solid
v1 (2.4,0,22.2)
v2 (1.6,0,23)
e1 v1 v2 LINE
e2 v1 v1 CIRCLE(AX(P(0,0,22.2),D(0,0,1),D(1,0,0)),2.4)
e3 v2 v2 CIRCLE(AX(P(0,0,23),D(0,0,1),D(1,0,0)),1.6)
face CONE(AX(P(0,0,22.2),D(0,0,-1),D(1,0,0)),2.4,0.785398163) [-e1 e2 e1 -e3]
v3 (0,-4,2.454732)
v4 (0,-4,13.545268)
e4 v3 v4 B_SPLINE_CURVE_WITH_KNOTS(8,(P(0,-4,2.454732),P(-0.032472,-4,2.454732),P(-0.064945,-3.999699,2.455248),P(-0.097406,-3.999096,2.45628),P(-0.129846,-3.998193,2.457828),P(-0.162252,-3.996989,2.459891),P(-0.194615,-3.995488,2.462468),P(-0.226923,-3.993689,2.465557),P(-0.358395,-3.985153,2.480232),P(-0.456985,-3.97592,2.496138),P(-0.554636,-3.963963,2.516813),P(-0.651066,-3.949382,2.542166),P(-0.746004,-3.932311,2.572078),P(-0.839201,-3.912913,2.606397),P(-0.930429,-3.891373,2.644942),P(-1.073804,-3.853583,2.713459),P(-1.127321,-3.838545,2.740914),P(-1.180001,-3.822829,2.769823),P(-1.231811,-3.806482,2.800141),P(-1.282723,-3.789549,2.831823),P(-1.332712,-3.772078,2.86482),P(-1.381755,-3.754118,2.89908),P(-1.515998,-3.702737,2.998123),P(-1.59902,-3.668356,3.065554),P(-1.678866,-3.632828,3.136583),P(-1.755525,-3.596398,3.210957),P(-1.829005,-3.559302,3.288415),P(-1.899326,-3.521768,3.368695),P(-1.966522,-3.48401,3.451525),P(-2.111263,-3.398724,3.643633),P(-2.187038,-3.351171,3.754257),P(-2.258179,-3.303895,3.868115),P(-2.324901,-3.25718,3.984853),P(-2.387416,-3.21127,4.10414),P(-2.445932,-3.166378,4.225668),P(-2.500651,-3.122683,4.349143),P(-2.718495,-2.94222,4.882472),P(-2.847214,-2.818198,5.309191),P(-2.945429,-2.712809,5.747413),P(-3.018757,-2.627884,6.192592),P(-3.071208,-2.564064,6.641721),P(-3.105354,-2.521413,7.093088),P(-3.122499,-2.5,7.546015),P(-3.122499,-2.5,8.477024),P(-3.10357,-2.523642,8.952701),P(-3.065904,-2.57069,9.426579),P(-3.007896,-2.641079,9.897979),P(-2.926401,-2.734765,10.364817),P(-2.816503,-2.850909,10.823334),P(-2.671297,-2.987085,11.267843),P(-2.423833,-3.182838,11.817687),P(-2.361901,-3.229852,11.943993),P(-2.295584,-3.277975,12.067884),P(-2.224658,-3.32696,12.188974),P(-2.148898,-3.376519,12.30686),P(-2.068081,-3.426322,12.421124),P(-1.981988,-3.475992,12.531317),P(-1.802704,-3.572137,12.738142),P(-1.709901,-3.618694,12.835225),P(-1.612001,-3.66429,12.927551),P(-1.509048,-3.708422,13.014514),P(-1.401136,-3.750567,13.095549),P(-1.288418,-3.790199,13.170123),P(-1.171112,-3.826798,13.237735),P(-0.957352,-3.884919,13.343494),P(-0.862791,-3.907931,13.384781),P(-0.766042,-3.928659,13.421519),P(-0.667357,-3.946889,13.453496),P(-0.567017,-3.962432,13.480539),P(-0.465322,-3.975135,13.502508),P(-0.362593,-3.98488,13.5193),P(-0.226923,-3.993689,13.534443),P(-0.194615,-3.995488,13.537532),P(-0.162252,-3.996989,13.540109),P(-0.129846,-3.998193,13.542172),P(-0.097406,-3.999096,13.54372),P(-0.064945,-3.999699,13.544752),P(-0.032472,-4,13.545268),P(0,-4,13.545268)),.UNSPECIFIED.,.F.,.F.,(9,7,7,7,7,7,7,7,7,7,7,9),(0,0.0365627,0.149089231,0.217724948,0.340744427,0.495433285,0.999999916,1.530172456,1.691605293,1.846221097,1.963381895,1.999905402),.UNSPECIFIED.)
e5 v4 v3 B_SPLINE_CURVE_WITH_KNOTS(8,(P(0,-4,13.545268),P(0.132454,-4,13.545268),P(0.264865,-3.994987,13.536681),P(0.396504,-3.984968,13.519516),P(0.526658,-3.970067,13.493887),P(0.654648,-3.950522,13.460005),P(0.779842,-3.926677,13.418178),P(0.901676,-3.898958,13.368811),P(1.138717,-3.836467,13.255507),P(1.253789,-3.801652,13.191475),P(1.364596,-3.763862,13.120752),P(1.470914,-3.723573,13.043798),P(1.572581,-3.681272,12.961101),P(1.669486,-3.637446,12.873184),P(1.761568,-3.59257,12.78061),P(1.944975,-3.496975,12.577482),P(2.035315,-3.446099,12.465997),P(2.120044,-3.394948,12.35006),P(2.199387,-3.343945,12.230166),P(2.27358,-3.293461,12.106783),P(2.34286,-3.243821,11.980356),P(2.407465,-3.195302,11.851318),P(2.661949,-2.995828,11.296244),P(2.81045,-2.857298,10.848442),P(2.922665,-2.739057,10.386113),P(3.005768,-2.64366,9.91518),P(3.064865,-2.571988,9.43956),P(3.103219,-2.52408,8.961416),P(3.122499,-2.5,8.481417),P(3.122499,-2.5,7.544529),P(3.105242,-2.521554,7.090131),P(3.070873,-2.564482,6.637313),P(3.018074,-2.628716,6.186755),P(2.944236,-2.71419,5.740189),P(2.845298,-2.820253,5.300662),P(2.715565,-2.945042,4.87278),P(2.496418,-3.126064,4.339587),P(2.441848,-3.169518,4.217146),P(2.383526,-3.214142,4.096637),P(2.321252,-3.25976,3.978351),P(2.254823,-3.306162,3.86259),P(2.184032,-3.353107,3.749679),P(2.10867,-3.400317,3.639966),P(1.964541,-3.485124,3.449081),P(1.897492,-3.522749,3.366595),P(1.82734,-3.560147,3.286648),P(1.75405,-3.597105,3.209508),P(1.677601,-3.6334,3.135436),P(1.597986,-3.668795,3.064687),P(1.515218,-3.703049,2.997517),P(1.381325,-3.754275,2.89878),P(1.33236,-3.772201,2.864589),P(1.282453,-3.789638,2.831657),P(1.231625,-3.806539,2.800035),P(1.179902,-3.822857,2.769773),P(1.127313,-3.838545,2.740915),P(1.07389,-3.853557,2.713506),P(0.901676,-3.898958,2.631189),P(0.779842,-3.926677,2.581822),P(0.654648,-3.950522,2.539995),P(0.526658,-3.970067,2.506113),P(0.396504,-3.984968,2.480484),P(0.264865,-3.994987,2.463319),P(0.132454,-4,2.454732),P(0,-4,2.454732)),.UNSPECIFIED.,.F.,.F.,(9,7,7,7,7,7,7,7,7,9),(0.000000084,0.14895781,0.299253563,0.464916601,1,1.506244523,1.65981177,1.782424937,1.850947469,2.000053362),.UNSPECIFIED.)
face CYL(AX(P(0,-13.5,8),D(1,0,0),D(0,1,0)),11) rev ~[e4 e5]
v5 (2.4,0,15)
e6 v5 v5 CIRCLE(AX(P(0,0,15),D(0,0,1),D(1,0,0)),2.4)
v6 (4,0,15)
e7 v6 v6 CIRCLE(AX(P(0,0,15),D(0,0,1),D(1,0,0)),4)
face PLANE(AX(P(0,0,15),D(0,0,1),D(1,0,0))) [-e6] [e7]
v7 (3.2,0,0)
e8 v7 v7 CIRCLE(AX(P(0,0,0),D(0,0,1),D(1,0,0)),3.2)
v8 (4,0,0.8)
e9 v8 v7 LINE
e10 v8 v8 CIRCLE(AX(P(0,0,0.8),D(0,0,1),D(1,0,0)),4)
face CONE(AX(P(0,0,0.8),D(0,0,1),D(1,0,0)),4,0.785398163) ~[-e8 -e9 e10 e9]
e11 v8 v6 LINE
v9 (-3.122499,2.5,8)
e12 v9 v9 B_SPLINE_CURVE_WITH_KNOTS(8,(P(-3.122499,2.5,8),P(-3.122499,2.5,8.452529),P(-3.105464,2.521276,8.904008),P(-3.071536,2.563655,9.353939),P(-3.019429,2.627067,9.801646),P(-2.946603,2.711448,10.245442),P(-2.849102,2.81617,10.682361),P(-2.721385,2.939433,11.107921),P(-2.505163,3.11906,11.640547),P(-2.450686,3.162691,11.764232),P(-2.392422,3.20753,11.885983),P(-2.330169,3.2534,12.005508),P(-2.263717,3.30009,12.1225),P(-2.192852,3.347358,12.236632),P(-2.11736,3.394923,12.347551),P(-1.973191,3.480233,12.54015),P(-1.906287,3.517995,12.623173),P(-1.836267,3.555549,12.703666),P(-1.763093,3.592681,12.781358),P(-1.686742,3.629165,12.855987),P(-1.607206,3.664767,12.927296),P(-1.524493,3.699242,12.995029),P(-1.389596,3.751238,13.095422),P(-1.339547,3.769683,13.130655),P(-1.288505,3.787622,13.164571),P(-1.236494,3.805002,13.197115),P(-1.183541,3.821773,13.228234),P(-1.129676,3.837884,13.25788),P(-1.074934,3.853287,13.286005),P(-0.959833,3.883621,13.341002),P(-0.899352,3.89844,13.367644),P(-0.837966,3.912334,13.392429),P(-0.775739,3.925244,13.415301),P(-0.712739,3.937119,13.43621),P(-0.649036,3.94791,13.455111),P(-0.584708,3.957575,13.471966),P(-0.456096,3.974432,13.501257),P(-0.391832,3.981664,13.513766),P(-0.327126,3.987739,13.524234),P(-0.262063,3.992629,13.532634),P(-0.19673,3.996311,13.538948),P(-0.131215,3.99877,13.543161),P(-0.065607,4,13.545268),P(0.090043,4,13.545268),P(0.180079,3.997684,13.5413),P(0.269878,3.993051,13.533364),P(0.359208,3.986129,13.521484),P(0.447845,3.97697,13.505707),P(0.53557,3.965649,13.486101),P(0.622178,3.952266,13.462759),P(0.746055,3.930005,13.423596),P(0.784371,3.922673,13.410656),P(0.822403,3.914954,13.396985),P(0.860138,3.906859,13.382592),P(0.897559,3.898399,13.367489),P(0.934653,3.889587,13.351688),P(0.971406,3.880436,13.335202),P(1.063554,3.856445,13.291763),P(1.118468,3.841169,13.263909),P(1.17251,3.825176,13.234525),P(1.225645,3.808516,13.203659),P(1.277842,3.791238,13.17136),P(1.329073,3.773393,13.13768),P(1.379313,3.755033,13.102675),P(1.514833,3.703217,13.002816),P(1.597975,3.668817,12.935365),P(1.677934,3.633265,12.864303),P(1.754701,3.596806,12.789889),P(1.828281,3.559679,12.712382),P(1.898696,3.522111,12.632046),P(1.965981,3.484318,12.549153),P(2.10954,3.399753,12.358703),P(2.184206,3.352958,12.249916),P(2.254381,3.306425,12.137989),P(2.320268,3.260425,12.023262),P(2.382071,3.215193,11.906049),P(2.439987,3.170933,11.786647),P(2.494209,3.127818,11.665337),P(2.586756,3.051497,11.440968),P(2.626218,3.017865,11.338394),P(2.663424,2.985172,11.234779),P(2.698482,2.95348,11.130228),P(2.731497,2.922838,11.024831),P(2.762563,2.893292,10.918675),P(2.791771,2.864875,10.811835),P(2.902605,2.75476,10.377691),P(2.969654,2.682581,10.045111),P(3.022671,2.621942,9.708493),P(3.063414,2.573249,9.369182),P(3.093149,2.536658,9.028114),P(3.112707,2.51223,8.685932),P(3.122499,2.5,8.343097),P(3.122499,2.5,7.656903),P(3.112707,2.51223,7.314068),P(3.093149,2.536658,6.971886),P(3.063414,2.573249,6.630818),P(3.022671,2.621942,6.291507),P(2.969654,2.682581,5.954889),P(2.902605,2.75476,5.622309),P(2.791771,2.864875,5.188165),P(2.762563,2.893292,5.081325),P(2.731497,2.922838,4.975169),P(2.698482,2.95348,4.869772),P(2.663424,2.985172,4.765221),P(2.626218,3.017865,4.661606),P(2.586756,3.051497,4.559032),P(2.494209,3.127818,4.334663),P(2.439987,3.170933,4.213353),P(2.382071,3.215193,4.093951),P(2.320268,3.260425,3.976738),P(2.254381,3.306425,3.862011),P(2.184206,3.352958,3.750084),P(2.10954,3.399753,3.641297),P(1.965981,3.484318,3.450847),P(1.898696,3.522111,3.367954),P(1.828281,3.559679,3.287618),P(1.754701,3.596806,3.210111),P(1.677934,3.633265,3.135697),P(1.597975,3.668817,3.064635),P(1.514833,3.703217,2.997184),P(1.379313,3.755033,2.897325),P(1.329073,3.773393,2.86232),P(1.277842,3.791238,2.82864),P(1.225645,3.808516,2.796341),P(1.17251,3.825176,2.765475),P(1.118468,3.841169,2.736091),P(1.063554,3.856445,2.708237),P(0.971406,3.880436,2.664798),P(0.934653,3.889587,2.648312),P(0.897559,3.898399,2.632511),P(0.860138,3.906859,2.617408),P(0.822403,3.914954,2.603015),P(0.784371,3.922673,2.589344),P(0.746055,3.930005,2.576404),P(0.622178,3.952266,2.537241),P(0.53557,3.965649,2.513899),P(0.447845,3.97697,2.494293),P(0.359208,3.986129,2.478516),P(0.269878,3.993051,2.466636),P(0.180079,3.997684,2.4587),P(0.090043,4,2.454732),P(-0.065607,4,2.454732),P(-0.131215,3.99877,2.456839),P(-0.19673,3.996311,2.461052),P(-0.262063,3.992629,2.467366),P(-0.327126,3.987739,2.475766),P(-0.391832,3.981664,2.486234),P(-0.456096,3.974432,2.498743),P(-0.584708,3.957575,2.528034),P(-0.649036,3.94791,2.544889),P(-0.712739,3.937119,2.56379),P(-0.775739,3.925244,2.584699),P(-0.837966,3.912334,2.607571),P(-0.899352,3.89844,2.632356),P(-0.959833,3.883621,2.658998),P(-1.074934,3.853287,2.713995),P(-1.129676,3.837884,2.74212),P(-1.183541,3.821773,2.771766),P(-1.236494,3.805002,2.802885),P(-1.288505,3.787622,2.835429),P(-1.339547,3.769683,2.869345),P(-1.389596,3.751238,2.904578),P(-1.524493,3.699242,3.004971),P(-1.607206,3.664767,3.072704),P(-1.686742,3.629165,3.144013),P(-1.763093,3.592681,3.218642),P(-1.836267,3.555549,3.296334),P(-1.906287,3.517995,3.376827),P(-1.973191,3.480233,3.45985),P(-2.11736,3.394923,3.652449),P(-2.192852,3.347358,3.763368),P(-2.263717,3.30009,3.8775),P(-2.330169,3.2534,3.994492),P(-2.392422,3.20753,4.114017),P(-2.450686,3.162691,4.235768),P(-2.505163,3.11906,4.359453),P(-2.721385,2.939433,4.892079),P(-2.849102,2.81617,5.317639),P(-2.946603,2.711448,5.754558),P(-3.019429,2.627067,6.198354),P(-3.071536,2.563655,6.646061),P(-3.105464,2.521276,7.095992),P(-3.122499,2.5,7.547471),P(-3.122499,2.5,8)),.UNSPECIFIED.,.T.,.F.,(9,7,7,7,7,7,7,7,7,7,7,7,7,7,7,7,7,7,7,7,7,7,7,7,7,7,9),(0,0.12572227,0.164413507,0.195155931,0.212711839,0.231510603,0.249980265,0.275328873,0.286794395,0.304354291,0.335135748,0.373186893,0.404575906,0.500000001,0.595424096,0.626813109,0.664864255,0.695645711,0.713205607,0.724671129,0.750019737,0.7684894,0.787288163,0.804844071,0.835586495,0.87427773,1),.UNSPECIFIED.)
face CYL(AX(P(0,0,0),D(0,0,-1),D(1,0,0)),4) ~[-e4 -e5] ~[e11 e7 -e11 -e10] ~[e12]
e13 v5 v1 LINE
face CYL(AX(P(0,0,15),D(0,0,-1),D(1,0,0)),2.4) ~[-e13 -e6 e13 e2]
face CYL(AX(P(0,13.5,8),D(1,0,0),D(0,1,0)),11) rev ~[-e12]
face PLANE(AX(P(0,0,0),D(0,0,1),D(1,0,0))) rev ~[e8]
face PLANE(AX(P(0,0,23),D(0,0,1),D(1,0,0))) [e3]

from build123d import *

# Parameters (mm, degrees)
F0_R     = 4
F1_DEPTH = 15
F2_R     = 2.4
F3_DEPTH = 8
F4_SIZE  = 0.8
F5_R     = 11
F6_DEPTH = 5


with BuildPart() as f1:
    # F0 (on Top) → F1 (new body)
    with BuildSketch(Plane.XY):
        Circle(F0_R)
    extrude(amount=F1_DEPTH)

    # F2 (on face) → F3 (join)
    with BuildSketch(Plane.XY.offset(15)):
        Circle(F2_R)
    extrude(amount=F3_DEPTH)

    # F4
    f4_edges = [f1.edges().sort_by_distance(p)[0] for p in [
        (-2.4, 0, 23),
        (-4, 0, 0),
    ]]
    chamfer(f4_edges, length=F4_SIZE)

    # F5 (on Right) → F6 (cut, symmetric)
    with BuildSketch(Plane.YZ):
        with Locations((-13.5, 8)):
            Circle(F5_R)
        with Locations((13.5, 8)):
            Circle(F5_R)
    extrude(amount=F6_DEPTH, both=True, mode=Mode.SUBTRACT)


solid = f1.part
